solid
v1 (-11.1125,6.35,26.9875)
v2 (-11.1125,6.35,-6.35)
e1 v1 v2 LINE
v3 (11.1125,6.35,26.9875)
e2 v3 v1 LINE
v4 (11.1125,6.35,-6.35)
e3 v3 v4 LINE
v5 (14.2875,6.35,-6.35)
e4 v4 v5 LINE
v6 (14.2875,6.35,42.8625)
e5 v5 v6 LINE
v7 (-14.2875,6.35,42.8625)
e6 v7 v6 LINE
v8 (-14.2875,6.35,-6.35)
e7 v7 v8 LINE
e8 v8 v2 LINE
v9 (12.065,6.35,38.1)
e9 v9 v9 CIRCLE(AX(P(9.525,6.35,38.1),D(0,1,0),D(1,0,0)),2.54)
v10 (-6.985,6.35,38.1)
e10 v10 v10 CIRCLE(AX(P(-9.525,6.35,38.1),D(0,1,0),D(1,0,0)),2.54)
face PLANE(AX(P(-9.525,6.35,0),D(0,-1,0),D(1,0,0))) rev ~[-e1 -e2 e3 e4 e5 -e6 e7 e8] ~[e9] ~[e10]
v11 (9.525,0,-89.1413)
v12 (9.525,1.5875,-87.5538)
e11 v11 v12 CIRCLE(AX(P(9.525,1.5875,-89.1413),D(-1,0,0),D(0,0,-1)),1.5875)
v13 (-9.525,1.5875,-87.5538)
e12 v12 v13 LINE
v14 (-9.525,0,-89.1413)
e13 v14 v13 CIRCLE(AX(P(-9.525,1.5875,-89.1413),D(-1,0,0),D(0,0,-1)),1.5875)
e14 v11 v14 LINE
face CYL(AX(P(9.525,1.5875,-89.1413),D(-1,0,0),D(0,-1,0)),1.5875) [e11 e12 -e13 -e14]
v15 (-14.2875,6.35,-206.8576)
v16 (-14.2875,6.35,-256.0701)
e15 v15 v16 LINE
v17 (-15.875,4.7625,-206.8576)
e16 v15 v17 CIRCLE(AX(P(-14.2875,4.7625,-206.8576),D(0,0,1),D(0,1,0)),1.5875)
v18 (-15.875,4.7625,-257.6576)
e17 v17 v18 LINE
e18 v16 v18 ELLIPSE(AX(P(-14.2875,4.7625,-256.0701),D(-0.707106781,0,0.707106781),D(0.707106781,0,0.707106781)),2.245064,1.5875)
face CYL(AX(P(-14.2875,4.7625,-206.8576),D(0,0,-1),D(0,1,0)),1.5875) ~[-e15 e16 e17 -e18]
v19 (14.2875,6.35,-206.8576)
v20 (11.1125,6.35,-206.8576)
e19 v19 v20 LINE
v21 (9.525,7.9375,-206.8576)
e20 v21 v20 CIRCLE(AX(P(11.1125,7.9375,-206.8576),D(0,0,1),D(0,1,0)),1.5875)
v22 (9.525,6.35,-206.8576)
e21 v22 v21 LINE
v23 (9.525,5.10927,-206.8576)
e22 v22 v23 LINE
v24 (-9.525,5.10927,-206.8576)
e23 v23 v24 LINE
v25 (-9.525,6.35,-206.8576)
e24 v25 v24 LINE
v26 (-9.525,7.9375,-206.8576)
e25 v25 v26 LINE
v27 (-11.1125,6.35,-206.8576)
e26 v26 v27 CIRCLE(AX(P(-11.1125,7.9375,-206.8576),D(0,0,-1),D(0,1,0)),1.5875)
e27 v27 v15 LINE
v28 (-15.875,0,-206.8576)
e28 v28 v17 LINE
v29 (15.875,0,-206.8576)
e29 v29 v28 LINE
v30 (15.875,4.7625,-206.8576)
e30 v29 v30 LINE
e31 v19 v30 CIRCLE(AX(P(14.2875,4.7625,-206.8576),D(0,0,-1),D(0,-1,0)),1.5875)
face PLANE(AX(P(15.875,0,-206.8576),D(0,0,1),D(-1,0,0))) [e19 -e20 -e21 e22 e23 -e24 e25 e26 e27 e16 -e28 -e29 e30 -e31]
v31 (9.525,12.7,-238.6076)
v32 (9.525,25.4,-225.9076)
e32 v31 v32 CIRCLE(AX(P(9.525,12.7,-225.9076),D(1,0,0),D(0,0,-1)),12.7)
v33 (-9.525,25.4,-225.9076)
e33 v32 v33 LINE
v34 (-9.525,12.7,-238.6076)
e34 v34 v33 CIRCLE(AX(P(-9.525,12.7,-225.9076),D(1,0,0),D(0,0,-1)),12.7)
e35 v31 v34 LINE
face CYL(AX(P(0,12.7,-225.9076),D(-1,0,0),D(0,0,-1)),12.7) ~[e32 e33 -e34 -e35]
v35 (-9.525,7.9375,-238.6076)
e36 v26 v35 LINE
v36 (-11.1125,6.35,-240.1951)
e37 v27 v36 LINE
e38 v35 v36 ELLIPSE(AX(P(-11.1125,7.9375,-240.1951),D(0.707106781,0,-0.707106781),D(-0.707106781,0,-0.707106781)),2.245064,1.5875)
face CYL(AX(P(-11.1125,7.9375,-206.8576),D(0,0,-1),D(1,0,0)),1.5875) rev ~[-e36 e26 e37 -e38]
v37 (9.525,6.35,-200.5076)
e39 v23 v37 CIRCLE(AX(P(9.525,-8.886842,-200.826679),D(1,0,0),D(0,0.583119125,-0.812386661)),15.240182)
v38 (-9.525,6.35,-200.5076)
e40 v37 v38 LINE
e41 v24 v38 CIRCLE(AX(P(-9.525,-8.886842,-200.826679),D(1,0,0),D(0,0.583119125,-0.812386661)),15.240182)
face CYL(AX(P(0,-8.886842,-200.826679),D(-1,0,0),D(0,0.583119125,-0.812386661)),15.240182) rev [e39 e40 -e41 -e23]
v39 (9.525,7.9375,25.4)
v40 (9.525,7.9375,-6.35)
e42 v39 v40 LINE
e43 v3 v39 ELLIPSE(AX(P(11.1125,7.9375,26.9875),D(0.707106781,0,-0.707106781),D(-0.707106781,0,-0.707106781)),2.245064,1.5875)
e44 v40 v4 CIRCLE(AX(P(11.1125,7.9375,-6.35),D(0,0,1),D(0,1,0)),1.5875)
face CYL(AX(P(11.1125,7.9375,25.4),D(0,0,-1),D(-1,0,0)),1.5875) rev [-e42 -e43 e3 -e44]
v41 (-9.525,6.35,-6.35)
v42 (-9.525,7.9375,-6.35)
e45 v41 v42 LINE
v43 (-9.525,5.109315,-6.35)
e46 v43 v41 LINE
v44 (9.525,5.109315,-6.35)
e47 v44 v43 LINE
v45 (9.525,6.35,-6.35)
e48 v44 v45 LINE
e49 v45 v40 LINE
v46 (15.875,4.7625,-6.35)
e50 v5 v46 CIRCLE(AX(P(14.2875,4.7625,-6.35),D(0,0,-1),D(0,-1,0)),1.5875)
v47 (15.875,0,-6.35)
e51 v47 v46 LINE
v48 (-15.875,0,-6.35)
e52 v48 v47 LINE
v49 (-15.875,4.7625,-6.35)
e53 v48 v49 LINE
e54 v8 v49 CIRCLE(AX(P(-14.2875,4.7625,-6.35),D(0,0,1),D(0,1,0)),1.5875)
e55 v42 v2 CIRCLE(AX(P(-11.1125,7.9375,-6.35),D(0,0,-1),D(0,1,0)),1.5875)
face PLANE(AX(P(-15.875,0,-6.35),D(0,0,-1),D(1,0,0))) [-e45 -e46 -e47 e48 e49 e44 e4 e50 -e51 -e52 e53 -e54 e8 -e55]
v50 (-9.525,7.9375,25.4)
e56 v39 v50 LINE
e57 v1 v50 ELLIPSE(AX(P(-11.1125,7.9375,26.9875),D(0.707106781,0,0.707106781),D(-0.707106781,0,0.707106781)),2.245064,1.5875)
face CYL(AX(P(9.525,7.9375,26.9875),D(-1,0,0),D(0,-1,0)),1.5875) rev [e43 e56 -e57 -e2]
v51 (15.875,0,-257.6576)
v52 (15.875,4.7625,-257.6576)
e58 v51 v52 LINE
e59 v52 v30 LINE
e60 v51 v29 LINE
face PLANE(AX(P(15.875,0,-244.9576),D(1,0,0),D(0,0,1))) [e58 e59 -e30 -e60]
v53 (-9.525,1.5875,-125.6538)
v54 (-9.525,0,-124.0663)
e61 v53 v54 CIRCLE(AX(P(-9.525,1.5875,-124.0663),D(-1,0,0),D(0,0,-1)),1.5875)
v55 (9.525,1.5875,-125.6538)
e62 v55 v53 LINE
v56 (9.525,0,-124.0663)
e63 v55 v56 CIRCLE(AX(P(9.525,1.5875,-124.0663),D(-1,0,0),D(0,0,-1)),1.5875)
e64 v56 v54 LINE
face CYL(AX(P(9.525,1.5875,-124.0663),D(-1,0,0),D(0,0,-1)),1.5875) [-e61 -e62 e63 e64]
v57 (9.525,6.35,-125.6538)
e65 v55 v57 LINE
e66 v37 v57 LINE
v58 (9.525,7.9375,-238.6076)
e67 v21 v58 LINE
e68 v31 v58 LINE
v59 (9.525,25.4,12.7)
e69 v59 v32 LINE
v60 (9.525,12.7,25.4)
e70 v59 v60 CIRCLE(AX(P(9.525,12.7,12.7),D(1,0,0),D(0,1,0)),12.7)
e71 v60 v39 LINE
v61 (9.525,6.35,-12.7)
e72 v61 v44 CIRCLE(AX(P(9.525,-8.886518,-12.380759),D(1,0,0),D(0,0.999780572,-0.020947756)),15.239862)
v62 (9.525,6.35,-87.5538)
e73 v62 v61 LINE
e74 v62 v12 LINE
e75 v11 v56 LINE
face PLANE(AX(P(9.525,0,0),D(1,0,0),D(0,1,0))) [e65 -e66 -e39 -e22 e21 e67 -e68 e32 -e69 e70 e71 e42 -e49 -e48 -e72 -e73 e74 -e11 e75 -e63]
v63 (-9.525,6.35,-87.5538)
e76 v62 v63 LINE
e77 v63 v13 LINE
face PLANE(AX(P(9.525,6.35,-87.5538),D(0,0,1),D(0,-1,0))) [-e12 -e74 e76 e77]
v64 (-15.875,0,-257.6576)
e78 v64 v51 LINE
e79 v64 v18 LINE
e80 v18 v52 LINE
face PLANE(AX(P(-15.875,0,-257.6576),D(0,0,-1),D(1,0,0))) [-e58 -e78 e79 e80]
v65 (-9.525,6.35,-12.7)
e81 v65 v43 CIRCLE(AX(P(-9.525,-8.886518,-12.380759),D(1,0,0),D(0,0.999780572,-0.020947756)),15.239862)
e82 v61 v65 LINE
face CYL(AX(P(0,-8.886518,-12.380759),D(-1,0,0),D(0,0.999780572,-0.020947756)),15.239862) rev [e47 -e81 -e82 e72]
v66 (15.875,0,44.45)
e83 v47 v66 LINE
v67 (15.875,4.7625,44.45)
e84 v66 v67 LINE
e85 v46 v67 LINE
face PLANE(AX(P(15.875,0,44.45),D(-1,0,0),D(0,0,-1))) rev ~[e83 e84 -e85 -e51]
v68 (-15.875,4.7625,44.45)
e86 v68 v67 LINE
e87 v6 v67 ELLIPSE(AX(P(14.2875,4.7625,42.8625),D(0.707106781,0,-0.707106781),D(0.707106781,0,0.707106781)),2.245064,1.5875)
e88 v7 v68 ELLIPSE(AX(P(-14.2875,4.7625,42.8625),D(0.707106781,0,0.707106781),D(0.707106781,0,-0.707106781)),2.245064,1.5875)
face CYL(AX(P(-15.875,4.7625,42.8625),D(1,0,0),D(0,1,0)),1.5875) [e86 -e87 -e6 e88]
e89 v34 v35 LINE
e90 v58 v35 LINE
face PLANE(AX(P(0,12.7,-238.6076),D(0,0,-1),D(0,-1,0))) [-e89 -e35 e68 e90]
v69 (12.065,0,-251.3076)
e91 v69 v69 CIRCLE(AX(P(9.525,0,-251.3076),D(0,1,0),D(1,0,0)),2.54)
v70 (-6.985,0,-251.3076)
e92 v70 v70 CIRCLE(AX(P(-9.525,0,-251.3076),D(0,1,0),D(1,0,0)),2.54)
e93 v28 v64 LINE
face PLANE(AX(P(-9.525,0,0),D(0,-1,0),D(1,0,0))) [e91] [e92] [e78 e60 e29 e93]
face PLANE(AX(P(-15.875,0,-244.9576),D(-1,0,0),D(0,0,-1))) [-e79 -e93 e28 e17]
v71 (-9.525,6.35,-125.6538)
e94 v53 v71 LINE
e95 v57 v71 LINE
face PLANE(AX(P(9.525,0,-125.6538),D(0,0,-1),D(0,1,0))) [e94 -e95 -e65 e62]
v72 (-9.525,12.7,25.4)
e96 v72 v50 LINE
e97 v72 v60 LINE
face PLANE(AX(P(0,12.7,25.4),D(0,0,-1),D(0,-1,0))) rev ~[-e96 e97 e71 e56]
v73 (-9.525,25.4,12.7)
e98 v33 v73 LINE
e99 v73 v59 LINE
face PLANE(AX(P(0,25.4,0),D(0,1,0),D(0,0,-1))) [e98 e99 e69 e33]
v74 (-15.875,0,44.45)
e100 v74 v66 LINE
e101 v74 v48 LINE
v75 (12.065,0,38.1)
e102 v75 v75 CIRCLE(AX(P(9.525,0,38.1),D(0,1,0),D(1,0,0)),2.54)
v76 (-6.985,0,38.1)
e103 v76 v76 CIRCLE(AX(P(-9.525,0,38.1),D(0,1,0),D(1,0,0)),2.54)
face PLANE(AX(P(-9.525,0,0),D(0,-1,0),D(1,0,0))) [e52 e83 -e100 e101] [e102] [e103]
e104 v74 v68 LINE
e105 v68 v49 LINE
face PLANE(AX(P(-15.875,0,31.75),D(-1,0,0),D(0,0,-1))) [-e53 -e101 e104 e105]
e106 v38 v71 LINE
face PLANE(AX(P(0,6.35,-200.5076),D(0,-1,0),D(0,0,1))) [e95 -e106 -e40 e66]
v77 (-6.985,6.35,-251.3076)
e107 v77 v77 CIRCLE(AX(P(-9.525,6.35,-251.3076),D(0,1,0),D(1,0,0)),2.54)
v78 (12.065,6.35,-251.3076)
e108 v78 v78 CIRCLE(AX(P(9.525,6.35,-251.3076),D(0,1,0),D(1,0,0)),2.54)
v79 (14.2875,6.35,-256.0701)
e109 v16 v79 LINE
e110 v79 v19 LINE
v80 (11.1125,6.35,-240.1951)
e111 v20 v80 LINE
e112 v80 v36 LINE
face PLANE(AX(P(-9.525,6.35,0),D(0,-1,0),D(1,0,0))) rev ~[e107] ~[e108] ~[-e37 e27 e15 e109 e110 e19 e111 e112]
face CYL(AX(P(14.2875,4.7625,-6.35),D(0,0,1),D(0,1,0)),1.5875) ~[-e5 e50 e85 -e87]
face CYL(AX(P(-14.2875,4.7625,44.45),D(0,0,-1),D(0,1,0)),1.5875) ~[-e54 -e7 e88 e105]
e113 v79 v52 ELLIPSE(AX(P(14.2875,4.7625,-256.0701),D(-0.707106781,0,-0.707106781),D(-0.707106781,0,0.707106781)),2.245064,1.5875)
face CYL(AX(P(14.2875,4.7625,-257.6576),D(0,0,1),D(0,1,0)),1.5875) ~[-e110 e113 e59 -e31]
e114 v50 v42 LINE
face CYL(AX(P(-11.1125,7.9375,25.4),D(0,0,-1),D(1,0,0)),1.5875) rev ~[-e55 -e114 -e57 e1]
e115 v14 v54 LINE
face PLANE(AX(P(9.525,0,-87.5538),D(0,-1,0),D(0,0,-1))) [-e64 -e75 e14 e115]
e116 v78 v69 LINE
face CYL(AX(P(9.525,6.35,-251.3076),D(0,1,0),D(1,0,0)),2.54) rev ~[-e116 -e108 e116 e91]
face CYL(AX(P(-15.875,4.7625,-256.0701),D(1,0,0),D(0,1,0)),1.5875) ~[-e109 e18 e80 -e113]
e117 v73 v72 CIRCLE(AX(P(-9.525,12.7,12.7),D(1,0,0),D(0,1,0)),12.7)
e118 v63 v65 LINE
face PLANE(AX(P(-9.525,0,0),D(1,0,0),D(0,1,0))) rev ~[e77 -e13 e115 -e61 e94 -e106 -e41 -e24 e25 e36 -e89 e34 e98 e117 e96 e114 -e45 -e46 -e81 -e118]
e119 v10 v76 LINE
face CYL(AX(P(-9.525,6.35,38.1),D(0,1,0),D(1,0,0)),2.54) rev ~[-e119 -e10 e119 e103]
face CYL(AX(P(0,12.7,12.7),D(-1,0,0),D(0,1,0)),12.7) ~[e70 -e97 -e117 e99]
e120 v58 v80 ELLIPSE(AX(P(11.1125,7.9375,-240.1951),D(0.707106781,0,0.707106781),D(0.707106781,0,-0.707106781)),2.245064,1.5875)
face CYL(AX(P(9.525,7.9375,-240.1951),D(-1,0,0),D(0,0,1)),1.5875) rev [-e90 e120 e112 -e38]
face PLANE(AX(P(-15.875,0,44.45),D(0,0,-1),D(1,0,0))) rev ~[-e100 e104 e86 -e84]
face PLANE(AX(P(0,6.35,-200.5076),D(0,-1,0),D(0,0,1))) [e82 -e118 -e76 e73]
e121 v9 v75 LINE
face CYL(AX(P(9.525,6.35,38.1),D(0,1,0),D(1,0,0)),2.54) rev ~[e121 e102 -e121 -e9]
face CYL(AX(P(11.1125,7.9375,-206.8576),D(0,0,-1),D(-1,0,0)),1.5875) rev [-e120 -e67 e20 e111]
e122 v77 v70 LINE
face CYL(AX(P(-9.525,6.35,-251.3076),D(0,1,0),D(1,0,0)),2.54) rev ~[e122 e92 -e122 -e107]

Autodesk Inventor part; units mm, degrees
ref_plane "YZ Plane" through (0, 0, 0) normal (1, 0, 0) x (0, 1, 0)
ref_plane "XZ Plane" through (0, 0, 0) normal (0, 1, 0) x (-1, 0, 0)
ref_plane "XY Plane" through (0, 0, 0) normal (0, 0, 1) x (1, 0, 0)
sketch "Sketch1" plane through (0, 0, 0) normal (1, 0, 0) x (0, 1, 0)
  line L0 (0, 0) -> (0, 0)
  line L1 (25.4, 0) -> (25.4, 12.7)
  line L2 (12.7, 25.4) -> (0, 25.4)
  line L3 (0, 25.4) -> (0, 0)
  line L4 (12.7, -238.6076) -> (0, -238.6076)
  line L5 (0, -238.6076) -> (0, -213.2076)
  line L6 (0, -213.2076) -> (0, -213.2076)
  line L7 (25.4, -213.2076) -> (25.4, -225.9076)
  arc A0 (25.4, 12.7) -> (12.7, 25.4) centre (12.7, 12.7) ccw
  arc A1 (12.7, -238.6076) -> (25.4, -225.9076) centre (12.7, -225.9076) ccw
  arc A2 (6.35, -12.7) -> (0, 0) centre (-8.8867, -12.3808) ccw
  arc A3 (0, -213.2076) -> (6.35, -200.5076) centre (-8.8867, -200.8268) ccw
  line L8 (25.4, 0) -> (25.4, -213.2076)
  line L9 (6.35, -200.5076) -> (6.35, -12.7)
  point P0 (0, -213.2076)
  point P1 (0, -213.2076)
  dimension "d5" = 25.4
  dimension "d6" = 12.7
  dimension "d9" = 264.0076
  dimension "d10" = 25.4
  dimension "d12" = 25.4
  dimension "d15" = 15.24
  dimension "d16" = 15.24
extrude "Extrusion1" add sketch "Sketch1" along normal mid plane 19.05
sketch "Sketch2" plane through (-9.525, 0, 0) normal (0, -1, 0) x (1, 0, 0)
  line L0 (0, 0) -> (19.05, 0) projected
  line L1 (19.05, 12.7) -> (19.05, 25.4) projected
  line L2 (0, 0) -> (19.05, 0)
  line L3 (19.05, 0) -> (19.05, 25.4)
  line L4 (19.05, 25.4) -> (0, 25.4)
  line L5 (0, 25.4) -> (0, 0)
  line L6 (0, -213.2076) -> (19.05, -213.2076) projected
  line L7 (0, -238.6076) -> (19.05, -238.6076) projected
  line L8 (19.05, -213.2076) -> (0, -213.2076)
  line L9 (0, -213.2076) -> (0, -238.6076)
  line L10 (0, -238.6076) -> (19.05, -238.6076)
  line L11 (19.05, -238.6076) -> (19.05, -213.2076)
  line L12 (25.4, -206.8576) -> (-6.35, -206.8576)
  line L13 (-6.35, -206.8576) -> (-6.35, -244.9576)
  line L14 (25.4, -244.9576) -> (25.4, -206.8576)
  line L15 (-6.35, -6.35) -> (25.4, -6.35)
  line L16 (25.4, -6.35) -> (25.4, 31.75)
  line L17 (-6.35, 31.75) -> (-6.35, -6.35)
  line L18 (-6.35, 44.45) -> (25.4, 44.45)
  line L19 (25.4, 44.45) -> (25.4, 31.75)
  line L20 (-6.35, 31.75) -> (-6.35, 44.45)
  line L21 (-6.35, -244.9576) -> (-6.35, -257.6576)
  line L22 (-6.35, -257.6576) -> (25.4, -257.6576)
  line L23 (25.4, -257.6576) -> (25.4, -244.9576)
  point P0 (9.525, 0)
  dimension "d17" = 31.75
  dimension "d18" = 38.1
  dimension "d19" = 31.75
  dimension "d20" = 38.1
  dimension "d23" = 12.7
extrude "Extrusion2" add sketch "Sketch2" against normal blind 6.35 contours L5 L4 L1 L3 L0 | L6 L11 L7 L9 | L14 L23 L22 L21 L13 L12 | L17 L20 L18 L19 L16 L15
sketch "Sketch3" plane through (-9.525, 6.35, 0) normal (0, 1, 0) x (1, 0, 0)
  circle A0 centre (0, 251.3076) radius 2.54
  circle A1 centre (19.05, 251.3076) radius 2.54
  line L0 (25.4, 206.8576) -> (25.4, 257.6576) projected
  line L1 (25.4, 257.6576) -> (-6.35, 257.6576) projected
  line L2 (-6.35, 257.6576) -> (-6.35, 206.8576) projected
  circle A2 centre (0, -38.1) radius 2.54
  circle A3 centre (19.05, -38.1) radius 2.54
  line L3 (-6.35, 6.35) -> (-6.35, -44.45) projected
  line L4 (-6.35, -44.45) -> (25.4, -44.45) projected
  line L5 (25.4, -44.45) -> (25.4, 6.35) projected
  point P0 (9.525, 0)
  dimension "d24" = 5.08
  dimension "d25" = 5.08
  dimension "d26" = 6.35
  dimension "d27" = 6.35
  dimension "d28" = 6.35
  dimension "d29" = 6.35
  dimension "d30" = 5.08
  dimension "d31" = 5.08
  dimension "d32" = 6.35
  dimension "d33" = 6.35
  dimension "d34" = 6.35
  dimension "d35" = 6.35
extrude "Extrusion3" cut sketch "Sketch3" against normal through all
sketch "Sketch4" plane through (9.525, 0, 0) normal (1, 0, 0) x (0, 0, -1)
  line L0 (200.5076, 6.35) -> (12.7, 6.35) projected
  line L1 (87.5538, 0) -> (125.6538, 0)
  line L2 (125.6538, 0) -> (125.6538, 6.35)
  line L3 (125.6538, 6.35) -> (87.5538, 6.35)
  line L4 (87.5538, 6.35) -> (87.5538, 0)
  line L5 (87.5538, 0) -> (125.6538, 6.35) construction
  line L6 (125.6538, 0) -> (87.5538, 6.35) construction
  point P0 (0, 0)
  point P1 (106.6038, 6.35)
  point P2 (106.6038, 3.175)
  dimension "d38" = 38.1
extrude "Extrusion4" add sketch "Sketch4" against normal blind 19.05
fillet "Fillet1" radius 1.5875 14 edges at (15.875, 6.35, 19.05) (0, 6.35, 25.4) (9.525, 6.35, 9.525) (0, 6.35, 44.45) (-15.875, 6.35, 19.05) (-9.525, 6.35, 9.525) (0, 0, -125.6538) (0, 0, -87.5538) (9.525, 6.35, -222.7326) (15.875, 6.35, -232.2576) (0, 6.35, -238.6076) (0, 6.35, -257.6576) (-9.525, 6.35, -222.7326) (-15.875, 6.35, -232.2576)
properties part number "IndexRailM" material "Polycarbonate, Clear"
